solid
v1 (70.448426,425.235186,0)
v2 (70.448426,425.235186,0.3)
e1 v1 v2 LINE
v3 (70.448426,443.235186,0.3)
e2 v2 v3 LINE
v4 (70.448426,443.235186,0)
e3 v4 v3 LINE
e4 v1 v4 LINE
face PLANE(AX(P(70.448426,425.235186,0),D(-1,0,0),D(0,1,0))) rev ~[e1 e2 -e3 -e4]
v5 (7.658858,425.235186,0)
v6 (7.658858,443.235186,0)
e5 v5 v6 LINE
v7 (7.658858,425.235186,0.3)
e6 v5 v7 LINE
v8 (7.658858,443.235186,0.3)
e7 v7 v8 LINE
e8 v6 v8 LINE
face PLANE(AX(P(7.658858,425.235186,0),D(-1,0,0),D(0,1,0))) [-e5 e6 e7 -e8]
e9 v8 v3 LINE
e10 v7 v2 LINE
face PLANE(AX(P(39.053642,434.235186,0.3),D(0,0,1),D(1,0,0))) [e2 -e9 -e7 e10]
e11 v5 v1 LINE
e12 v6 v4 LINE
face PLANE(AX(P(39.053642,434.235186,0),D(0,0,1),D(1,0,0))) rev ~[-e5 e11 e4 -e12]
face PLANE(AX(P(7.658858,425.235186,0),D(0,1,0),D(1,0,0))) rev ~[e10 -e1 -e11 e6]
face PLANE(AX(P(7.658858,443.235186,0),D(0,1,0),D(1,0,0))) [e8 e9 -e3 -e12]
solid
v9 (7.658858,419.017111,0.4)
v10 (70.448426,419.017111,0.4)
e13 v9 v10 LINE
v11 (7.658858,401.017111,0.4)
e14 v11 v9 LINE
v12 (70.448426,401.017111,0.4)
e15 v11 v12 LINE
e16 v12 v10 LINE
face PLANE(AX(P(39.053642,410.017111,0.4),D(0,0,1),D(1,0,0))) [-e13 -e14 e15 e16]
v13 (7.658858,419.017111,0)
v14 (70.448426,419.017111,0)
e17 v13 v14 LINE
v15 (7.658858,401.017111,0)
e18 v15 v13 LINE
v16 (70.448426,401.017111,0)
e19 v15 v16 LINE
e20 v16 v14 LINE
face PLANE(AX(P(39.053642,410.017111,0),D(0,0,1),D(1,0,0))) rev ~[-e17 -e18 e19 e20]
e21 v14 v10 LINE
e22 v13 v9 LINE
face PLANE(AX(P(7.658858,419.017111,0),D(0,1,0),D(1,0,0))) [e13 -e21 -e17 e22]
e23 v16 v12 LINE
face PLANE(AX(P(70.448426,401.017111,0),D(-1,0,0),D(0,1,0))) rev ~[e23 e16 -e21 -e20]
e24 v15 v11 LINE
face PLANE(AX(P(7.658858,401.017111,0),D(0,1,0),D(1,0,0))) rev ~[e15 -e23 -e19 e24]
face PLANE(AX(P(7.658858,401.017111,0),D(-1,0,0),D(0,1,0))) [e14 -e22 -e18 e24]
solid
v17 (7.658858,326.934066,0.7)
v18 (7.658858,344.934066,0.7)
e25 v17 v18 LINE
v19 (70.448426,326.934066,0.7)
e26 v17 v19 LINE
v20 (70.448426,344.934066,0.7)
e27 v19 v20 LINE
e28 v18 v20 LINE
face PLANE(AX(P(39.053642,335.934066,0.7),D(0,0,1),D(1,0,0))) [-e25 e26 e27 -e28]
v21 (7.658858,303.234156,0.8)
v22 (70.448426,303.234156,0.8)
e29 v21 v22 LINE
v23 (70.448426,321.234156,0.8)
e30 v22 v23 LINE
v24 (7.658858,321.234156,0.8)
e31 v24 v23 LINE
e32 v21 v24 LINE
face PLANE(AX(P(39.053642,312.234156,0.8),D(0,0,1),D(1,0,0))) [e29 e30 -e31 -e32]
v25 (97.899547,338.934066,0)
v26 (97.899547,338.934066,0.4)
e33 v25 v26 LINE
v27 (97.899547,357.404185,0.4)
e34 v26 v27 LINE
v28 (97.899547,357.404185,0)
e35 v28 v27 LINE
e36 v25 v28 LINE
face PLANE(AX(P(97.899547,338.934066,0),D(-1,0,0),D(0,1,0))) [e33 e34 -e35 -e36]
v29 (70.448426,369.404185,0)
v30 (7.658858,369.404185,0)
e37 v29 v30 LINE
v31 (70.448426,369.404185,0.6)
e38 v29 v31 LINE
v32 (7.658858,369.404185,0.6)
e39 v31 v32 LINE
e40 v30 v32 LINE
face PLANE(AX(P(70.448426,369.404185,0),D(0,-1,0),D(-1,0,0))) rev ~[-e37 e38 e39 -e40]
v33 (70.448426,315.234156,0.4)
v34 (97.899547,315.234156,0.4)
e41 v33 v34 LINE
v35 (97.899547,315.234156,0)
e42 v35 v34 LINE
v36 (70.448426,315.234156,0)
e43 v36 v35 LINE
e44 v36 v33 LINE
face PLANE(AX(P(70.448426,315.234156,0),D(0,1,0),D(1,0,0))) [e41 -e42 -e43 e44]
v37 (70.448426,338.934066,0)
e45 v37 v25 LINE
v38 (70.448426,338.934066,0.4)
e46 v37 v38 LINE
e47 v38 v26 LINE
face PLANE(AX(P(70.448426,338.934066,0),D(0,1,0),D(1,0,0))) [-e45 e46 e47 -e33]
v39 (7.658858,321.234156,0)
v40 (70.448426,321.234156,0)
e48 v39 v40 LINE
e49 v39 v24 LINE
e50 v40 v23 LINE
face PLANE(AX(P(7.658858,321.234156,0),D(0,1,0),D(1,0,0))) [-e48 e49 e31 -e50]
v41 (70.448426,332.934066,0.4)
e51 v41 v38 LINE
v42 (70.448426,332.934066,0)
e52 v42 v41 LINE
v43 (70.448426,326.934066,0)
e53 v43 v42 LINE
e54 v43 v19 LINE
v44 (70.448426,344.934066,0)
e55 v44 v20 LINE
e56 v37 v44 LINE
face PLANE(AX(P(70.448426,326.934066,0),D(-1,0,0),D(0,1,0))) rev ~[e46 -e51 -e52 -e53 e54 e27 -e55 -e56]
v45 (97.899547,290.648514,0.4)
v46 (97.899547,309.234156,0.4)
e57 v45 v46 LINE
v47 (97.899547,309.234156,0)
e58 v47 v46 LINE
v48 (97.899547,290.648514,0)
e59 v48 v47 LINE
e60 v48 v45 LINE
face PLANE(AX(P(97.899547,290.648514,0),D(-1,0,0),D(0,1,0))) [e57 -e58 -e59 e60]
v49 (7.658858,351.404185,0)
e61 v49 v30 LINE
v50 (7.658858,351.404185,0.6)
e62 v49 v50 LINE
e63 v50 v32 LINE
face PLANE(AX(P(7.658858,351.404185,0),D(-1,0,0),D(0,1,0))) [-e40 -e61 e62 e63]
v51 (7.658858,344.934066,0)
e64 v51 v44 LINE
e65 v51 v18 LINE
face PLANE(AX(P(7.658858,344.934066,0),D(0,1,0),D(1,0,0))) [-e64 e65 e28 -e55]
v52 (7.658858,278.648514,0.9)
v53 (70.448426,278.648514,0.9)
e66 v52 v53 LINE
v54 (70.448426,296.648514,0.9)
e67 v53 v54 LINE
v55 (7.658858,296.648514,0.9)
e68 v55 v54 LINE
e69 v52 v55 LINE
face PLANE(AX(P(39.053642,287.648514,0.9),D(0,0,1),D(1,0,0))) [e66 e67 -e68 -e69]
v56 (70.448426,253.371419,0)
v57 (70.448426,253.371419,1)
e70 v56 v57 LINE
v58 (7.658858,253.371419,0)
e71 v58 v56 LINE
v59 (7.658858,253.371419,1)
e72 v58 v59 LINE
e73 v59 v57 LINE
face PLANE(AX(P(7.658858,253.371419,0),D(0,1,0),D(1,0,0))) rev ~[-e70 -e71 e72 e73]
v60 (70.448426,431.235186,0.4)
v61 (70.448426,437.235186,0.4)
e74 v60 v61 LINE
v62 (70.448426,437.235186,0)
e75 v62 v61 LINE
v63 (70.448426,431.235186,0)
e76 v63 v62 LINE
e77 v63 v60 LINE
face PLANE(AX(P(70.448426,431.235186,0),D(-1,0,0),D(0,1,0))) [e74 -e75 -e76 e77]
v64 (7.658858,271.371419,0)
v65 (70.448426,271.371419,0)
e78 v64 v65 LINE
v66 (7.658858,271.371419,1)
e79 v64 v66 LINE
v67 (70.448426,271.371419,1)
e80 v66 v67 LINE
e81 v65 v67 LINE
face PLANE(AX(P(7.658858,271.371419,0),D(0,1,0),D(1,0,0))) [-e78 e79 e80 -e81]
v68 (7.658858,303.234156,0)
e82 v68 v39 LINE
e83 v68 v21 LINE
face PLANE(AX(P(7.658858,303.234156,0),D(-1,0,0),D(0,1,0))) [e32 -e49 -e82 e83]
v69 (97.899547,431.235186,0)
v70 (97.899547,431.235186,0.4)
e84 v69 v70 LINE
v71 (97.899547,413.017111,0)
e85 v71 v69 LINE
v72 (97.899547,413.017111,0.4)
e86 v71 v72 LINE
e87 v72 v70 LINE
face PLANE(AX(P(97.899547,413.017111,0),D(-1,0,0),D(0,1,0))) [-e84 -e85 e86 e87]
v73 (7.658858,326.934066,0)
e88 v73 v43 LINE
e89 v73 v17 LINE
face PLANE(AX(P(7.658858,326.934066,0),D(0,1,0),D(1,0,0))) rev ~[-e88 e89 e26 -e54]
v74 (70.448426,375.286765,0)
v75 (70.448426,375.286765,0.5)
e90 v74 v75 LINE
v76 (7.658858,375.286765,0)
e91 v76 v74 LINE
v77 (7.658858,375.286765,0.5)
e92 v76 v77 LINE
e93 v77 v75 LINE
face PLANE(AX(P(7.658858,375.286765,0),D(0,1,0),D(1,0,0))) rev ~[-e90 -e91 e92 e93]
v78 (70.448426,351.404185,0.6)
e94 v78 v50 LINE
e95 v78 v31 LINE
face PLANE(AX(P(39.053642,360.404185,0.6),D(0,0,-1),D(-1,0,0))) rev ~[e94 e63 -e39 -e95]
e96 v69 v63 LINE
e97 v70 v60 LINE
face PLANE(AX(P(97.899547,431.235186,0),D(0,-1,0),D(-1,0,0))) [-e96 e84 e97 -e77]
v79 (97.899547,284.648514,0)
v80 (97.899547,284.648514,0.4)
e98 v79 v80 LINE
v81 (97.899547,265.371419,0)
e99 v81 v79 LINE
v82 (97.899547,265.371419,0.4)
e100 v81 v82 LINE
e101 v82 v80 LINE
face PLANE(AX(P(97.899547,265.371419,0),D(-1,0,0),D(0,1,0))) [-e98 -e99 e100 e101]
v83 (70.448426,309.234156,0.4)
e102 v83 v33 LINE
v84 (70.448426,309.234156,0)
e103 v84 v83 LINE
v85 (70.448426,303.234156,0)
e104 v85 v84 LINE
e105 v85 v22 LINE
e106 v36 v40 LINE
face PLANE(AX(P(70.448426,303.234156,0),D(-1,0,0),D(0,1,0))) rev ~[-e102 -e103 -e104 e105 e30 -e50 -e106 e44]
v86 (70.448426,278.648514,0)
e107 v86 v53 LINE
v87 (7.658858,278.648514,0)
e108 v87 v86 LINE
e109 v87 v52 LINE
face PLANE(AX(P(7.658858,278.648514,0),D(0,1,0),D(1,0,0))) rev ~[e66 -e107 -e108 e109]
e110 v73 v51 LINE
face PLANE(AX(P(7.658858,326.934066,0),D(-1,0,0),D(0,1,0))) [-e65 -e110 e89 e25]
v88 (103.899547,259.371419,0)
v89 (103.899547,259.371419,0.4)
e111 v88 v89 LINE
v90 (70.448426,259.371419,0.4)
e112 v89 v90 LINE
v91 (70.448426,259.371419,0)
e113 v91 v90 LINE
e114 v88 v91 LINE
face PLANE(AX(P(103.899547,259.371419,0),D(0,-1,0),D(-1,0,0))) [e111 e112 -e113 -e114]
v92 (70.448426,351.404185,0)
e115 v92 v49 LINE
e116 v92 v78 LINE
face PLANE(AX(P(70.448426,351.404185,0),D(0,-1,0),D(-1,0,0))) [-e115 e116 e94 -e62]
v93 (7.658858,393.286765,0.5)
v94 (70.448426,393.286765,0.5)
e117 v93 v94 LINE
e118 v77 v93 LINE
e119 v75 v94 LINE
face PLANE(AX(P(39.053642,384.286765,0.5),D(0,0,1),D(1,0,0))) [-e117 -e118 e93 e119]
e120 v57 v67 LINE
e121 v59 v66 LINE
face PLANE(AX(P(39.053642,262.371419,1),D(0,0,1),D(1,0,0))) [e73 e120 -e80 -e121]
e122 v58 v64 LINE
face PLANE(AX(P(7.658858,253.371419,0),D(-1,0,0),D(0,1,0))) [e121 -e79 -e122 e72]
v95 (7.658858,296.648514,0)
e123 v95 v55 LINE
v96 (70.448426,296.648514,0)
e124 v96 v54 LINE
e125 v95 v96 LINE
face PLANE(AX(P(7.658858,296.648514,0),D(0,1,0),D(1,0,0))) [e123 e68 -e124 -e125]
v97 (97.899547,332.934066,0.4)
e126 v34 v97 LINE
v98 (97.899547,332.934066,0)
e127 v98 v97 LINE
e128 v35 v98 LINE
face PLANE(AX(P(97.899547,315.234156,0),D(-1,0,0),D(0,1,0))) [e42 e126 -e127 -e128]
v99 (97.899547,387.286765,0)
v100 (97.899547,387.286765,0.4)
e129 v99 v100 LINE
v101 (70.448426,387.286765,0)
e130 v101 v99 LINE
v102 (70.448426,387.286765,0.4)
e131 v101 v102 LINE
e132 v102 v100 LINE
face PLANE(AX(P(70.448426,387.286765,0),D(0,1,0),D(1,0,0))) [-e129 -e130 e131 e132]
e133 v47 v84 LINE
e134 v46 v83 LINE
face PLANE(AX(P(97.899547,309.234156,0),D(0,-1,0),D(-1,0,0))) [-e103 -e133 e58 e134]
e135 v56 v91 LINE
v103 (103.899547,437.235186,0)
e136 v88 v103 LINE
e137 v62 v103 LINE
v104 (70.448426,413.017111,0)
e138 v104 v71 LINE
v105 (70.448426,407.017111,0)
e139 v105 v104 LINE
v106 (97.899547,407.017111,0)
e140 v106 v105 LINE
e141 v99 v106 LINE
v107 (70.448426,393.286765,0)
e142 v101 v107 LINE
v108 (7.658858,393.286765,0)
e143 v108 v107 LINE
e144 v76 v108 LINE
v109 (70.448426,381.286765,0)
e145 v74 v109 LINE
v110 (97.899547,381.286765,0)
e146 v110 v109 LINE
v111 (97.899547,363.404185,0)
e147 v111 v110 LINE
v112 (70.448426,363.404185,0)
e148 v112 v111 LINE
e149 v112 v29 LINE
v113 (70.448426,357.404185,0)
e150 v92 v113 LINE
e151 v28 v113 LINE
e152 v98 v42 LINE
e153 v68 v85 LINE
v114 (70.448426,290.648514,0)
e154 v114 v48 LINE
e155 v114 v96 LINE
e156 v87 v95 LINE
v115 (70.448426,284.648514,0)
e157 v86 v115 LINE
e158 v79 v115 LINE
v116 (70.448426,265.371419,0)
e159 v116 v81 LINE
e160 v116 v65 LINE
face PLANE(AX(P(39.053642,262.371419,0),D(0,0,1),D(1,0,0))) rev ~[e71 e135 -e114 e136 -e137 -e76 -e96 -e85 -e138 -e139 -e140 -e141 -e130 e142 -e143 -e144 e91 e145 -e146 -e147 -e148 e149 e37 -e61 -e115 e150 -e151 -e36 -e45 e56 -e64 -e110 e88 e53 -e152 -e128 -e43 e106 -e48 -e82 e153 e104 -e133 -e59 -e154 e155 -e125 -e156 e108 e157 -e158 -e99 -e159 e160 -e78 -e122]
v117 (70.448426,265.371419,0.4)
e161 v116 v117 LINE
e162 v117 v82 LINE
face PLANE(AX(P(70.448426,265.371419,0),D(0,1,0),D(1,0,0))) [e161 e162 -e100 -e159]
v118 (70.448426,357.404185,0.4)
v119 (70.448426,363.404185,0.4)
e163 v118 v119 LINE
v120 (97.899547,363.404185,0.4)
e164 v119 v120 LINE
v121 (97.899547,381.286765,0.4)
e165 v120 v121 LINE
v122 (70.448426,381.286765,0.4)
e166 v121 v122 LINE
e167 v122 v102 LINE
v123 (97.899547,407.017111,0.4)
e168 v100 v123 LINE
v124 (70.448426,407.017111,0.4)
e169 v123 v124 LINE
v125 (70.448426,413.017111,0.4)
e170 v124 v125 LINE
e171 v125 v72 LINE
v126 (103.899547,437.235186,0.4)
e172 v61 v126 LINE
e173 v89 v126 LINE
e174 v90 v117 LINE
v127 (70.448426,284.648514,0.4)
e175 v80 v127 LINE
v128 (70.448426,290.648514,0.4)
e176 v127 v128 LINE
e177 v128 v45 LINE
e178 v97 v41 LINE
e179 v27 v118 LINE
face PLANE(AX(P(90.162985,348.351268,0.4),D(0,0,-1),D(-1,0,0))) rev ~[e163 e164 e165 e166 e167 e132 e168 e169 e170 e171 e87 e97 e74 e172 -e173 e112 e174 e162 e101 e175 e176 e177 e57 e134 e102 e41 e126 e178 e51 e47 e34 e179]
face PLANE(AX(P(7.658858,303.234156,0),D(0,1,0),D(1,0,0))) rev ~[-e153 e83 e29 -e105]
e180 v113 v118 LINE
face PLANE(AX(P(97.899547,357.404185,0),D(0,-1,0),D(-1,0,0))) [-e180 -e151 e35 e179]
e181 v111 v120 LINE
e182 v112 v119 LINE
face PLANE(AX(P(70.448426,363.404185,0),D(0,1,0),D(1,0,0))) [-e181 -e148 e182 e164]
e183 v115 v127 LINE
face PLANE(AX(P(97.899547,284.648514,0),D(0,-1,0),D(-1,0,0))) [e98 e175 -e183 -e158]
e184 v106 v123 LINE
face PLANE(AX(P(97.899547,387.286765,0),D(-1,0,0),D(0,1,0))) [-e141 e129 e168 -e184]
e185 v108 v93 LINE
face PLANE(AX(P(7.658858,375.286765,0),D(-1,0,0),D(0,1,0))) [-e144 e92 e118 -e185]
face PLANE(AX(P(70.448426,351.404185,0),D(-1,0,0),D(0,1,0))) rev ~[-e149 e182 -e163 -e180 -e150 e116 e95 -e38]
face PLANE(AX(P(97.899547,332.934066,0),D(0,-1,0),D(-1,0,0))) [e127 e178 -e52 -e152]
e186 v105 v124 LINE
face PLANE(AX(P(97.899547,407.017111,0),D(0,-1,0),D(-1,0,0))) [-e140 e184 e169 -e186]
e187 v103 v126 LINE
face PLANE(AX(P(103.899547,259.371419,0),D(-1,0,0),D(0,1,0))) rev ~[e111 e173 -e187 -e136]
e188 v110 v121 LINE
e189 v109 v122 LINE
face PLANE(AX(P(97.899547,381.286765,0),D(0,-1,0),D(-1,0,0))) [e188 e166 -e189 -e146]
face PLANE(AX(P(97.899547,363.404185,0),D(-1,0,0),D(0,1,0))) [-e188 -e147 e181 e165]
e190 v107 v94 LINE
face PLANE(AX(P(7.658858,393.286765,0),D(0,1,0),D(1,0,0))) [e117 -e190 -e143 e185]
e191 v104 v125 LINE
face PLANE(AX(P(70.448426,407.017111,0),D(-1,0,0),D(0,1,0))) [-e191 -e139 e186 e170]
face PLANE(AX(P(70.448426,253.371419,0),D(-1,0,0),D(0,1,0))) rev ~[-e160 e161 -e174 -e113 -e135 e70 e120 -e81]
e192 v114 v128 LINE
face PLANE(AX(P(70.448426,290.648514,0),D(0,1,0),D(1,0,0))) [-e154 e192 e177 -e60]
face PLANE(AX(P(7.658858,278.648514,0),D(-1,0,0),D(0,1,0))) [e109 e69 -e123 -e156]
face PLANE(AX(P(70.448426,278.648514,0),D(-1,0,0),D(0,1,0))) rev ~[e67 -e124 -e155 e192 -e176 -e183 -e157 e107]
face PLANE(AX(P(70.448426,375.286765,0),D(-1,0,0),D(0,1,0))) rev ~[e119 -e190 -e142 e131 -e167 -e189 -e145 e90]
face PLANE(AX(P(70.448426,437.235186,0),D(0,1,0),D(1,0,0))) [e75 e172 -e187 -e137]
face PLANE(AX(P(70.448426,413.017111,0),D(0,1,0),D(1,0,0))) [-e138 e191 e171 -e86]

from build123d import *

# Parameters (mm, degrees)
ESBO_O9_W                = 62.789568093
ESBO_O9_H                = 18
RESSALTO_EXTRUS_O9_DEPTH = 0.3
ESBO_O8_W                = 62.789568093
ESBO_O8_H                = 18
RESSALTO_EXTRUS_O8_DEPTH = 0.4
ESBO_O1_W                = 62.789568093
ESBO_O1_H                = 18
RESSALTO_EXTRUS_O1_DEPTH = 0.5
ESBO_O2_W                = 62.789568093
ESBO_O2_H                = 18
RESSALTO_EXTRUS_O2_DEPTH = 0.6
ESBO_O3_W                = 62.789568093
ESBO_O3_H                = 18
RESSALTO_EXTRUS_O3_DEPTH = 0.7
ESBO_O4_W                = 62.789568093
ESBO_O4_H                = 18
RESSALTO_EXTRUS_O4_DEPTH = 0.8
ESBO_O5_W                = 62.789568093
ESBO_O5_H                = 18
RESSALTO_EXTRUS_O5_DEPTH = 0.9
ESBO_O6_W                = 62.789568093
ESBO_O6_H                = 18
RESSALTO_EXTRUS_O6_DEPTH = 1
RESSALTO_EXTRUS_O7_DEPTH = 0.4


with BuildPart() as part:
    # Esboço9 → Ressalto-extrusão9 (new body)
    with BuildSketch(Plane.XY):
        with Locations((39.053642137, 434.235186495)):
            Rectangle(ESBO_O9_W, ESBO_O9_H)
    extrude(amount=RESSALTO_EXTRUS_O9_DEPTH)


with BuildPart() as body_2:
    # Esboço8 → Ressalto-extrusão8 (new body)
    with BuildSketch(Plane.XY):
        with Locations((39.053642137, 410.017111126)):
            Rectangle(ESBO_O8_W, ESBO_O8_H)
    extrude(amount=RESSALTO_EXTRUS_O8_DEPTH)


with BuildPart() as body_3:
    # Esboço1 → Ressalto-extrusão1 (new body)
    with BuildSketch(Plane.XY):
        with Locations((39.053642137, 384.286764873)):
            Rectangle(ESBO_O1_W, ESBO_O1_H)
    extrude(amount=RESSALTO_EXTRUS_O1_DEPTH)



with BuildPart() as body_4:
    # Esboço2 → Ressalto-extrusão2 (new body)
    with BuildSketch(Plane(origin=(0, 0, 0), x_dir=(-1, 0, 0), z_dir=(0, 0, -1))):
        with Locations((-39.053642137, 360.404184905)):
            Rectangle(ESBO_O2_W, ESBO_O2_H)
    extrude(amount=-RESSALTO_EXTRUS_O2_DEPTH)


with BuildPart() as body_5:
    # Esboço3 → Ressalto-extrusão3 (new body)
    with BuildSketch(Plane.XY):
        with Locations((39.053642137, 335.934065626)):
            Rectangle(ESBO_O3_W, ESBO_O3_H)
    extrude(amount=RESSALTO_EXTRUS_O3_DEPTH)


with BuildPart() as body_6:
    # Esboço4 → Ressalto-extrusão4 (new body)
    with BuildSketch(Plane.XY):
        with Locations((39.053642137, 312.234156495)):
            Rectangle(ESBO_O4_W, ESBO_O4_H)
    extrude(amount=RESSALTO_EXTRUS_O4_DEPTH)


with BuildPart() as body_7:
    # Esboço5 → Ressalto-extrusão5 (new body)
    with BuildSketch(Plane.XY):
        with Locations((39.053642137, 287.648513592)):
            Rectangle(ESBO_O5_W, ESBO_O5_H)
    extrude(amount=RESSALTO_EXTRUS_O5_DEPTH)


with BuildPart() as body_8:
    # Esboço6 → Ressalto-extrusão6 (new body)
    with BuildSketch(Plane.XY):
        with Locations((39.053642137, 262.371419277)):
            Rectangle(ESBO_O6_W, ESBO_O6_H)
    extrude(amount=RESSALTO_EXTRUS_O6_DEPTH)


with BuildPart() as body_3_1:
    add(body_3.part)

    add(body_4.part)  # Ressalto-extrusão7 merges body 4

    add(body_5.part)  # Ressalto-extrusão7 merges body 5

    add(body_6.part)  # Ressalto-extrusão7 merges body 6

    add(body_7.part)  # Ressalto-extrusão7 merges body 7

    add(body_8.part)  # Ressalto-extrusão7 merges body 8
    # Esboço7 → Ressalto-extrusão7 (add)
    with BuildSketch(Plane.XY):
        Polygon((97.899546957, 363.404184905), (97.899546957, 381.286764873), (70.448426183, 381.286764873), (70.448426183, 387.286764873), (97.899546957, 387.286764873), (97.899546957, 407.017111126), (70.448426183, 407.017111126), (70.448426183, 413.017111126), (97.899546957, 413.017111126), (97.899546957, 431.235186495), (70.448426183, 431.235186495), (70.448426183, 437.235186495), (103.899546957, 437.235186495), (103.899546957, 387.286764873), (103.899546957, 259.371419277), (70.448426183, 259.371419277), (70.448426183, 265.371419277), (97.899546957, 265.371419277), (97.899546957, 284.648513592), (70.448426183, 284.648513592), (70.448426183, 290.648513592), (97.899546957, 290.648513592), (97.899546957, 309.234156495), (70.448426183, 309.234156495), (70.448426183, 315.234156495), (97.899546957, 315.234156495), (97.899546957, 332.934065626), (70.448426183, 332.934065626), (70.448426183, 338.934065626), (97.899546957, 338.934065626), (97.899546957, 357.404184905), (70.448426183, 357.404184905), (70.448426183, 363.404184905), align=None)
    extrude(amount=RESSALTO_EXTRUS_O7_DEPTH)


solid = Compound([part.part, body_2.part, body_3_1.part])
